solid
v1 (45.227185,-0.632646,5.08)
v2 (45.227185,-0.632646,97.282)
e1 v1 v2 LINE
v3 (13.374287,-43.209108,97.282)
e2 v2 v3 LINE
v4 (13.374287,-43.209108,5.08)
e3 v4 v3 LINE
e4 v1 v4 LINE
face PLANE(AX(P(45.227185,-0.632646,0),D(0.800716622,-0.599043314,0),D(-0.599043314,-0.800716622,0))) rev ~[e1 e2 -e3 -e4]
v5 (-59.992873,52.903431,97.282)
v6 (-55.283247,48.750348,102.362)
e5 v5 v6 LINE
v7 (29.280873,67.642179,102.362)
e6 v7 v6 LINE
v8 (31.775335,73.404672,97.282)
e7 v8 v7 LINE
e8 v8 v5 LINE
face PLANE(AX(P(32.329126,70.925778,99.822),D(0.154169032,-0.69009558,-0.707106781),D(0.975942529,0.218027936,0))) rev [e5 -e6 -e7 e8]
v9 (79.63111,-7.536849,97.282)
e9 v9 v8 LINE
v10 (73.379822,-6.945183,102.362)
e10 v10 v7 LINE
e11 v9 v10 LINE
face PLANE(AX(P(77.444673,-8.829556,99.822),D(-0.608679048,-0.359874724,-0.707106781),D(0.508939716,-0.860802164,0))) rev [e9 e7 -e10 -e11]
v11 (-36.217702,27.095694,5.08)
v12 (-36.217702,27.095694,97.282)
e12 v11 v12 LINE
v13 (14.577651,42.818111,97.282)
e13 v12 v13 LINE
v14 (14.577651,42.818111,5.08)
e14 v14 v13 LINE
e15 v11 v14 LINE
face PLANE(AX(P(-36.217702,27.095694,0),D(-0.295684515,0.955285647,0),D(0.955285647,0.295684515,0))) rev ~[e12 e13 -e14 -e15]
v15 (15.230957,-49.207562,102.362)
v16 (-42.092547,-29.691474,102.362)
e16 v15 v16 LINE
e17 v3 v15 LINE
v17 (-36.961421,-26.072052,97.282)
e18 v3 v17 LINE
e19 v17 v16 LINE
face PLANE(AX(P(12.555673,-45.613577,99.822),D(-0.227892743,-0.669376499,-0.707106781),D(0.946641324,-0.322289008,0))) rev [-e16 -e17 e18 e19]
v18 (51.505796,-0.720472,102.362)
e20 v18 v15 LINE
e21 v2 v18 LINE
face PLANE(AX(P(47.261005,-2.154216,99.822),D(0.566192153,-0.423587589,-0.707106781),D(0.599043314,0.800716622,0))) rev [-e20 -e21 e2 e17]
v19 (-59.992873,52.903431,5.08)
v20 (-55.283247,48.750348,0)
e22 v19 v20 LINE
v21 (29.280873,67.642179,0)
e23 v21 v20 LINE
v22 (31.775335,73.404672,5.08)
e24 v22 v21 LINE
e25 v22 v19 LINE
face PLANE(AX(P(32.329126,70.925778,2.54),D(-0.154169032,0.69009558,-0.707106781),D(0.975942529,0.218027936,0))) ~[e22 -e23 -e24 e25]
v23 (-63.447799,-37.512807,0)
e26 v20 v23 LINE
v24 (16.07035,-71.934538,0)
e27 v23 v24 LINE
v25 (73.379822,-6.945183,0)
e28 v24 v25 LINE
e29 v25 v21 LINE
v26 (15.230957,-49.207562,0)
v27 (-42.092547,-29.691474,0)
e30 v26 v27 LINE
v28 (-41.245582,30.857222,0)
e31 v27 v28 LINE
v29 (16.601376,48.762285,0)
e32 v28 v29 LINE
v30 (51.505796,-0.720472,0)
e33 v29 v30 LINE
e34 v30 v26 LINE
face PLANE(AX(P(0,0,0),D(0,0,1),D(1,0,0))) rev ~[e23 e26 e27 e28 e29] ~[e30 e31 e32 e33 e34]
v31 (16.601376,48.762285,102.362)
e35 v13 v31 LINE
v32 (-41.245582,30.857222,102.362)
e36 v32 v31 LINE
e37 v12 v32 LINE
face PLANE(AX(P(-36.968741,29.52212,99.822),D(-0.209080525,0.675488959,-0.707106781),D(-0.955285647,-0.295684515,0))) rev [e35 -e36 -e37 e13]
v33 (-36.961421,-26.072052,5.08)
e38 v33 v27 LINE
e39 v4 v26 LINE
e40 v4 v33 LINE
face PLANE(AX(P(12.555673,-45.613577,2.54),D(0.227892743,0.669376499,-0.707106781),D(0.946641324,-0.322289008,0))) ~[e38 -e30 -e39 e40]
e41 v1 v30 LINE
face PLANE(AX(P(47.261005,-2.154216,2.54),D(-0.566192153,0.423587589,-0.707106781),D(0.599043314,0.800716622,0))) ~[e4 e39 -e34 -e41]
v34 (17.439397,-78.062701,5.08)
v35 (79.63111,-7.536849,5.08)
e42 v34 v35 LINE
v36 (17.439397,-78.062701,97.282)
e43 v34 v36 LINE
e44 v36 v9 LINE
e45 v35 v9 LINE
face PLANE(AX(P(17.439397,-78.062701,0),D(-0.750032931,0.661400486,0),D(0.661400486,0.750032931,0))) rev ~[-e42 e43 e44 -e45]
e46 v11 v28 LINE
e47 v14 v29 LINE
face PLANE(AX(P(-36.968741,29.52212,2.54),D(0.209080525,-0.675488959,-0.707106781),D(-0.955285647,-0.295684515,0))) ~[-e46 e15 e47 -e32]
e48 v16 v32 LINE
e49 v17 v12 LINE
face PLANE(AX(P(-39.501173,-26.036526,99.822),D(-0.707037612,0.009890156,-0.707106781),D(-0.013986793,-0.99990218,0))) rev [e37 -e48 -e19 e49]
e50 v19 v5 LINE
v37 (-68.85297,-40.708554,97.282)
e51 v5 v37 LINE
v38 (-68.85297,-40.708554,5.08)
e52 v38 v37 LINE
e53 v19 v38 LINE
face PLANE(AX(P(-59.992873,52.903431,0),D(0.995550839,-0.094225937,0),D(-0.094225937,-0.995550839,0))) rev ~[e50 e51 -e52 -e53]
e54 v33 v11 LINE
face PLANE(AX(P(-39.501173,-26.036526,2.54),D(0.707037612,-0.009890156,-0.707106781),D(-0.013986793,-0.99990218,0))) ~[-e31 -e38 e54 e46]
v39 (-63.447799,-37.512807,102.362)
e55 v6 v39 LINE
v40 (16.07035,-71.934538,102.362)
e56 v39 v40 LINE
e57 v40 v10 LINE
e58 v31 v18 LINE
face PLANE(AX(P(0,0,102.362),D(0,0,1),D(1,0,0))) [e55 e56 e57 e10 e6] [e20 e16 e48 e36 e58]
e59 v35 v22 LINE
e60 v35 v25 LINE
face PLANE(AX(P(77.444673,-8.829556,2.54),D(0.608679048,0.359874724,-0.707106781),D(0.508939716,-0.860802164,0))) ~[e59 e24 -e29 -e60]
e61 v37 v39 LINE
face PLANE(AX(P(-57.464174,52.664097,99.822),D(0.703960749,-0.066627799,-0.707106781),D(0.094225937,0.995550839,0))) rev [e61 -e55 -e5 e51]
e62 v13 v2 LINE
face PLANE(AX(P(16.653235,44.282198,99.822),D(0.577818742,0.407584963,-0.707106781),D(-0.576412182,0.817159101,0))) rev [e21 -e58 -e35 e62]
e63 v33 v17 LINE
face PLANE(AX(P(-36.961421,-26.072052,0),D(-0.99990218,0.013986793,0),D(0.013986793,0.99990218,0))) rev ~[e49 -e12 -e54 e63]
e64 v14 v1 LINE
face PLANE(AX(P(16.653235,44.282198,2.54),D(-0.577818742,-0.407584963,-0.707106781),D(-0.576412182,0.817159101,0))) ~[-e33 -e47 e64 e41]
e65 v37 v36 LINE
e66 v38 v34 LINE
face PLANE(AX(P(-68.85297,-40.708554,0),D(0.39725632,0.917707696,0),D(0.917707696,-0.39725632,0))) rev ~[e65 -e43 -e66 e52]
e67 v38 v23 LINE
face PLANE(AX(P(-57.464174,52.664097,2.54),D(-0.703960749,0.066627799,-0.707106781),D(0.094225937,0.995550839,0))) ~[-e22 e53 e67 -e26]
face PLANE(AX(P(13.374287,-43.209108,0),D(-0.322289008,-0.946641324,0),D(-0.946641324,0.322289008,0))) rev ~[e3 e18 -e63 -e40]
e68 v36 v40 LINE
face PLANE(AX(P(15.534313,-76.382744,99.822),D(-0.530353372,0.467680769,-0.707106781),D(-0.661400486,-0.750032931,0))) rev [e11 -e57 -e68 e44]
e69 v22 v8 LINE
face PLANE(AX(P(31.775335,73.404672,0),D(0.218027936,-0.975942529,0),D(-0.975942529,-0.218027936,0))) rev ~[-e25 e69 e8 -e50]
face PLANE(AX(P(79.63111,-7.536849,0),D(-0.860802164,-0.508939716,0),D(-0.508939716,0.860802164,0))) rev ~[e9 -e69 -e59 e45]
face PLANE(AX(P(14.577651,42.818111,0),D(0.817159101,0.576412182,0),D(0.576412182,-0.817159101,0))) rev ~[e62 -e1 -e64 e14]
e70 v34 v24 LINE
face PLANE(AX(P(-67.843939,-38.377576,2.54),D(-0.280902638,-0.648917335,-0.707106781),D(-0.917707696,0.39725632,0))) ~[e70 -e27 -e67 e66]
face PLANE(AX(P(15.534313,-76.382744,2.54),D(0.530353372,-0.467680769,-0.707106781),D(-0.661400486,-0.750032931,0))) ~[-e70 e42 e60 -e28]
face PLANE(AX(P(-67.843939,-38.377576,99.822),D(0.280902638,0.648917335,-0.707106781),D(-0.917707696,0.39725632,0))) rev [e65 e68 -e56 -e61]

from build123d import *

# Parameters (mm, degrees)
F1_DEPTH = 102.362
F2_SIZE  = 5.08


with BuildPart() as f1:
    # F0 (on Top) → F1 (new body)
    with BuildSketch(Plane.XY):
        Polygon((17.439397, -78.062701), (79.63111, -7.536849), (31.775335, 73.404672), (-59.992873, 52.903431), (-68.85297, -40.708554), align=None)
        Polygon((14.577651, 42.818111), (45.227185, -0.632646), (13.374287, -43.209108), (-36.961421, -26.072052), (-36.217702, 27.095694), align=None, mode=Mode.SUBTRACT)
    extrude(amount=F1_DEPTH)

    # F2
    f2_edges = [f1.edges().sort_by_distance(p)[0] for p in [
        (48.535254, -42.799775, 0),
        (55.703223, 32.933912, 0),
        (-14.108769, 63.154051, 0),
        (-64.422921, 6.097439, 0),
        (-25.706786, -59.385627, 0),
        (-10.820026, 34.956902, 0),
        (29.902418, 21.092733, 0),
        (29.300736, -21.920877, 0),
        (-11.793567, -34.64058, 0),
        (-36.589562, 0.511821, 0),
        (48.535254, -42.799775, 102.362),
        (55.703223, 32.933912, 102.362),
        (-14.108769, 63.154051, 102.362),
        (-64.422921, 6.097439, 102.362),
        (-25.706786, -59.385627, 102.362),
        (-10.820026, 34.956902, 102.362),
        (29.902418, 21.092733, 102.362),
        (29.300736, -21.920877, 102.362),
        (-11.793567, -34.64058, 102.362),
        (-36.589562, 0.511821, 102.362),
    ]]
    chamfer(f2_edges, length=F2_SIZE)


solid = f1.part
